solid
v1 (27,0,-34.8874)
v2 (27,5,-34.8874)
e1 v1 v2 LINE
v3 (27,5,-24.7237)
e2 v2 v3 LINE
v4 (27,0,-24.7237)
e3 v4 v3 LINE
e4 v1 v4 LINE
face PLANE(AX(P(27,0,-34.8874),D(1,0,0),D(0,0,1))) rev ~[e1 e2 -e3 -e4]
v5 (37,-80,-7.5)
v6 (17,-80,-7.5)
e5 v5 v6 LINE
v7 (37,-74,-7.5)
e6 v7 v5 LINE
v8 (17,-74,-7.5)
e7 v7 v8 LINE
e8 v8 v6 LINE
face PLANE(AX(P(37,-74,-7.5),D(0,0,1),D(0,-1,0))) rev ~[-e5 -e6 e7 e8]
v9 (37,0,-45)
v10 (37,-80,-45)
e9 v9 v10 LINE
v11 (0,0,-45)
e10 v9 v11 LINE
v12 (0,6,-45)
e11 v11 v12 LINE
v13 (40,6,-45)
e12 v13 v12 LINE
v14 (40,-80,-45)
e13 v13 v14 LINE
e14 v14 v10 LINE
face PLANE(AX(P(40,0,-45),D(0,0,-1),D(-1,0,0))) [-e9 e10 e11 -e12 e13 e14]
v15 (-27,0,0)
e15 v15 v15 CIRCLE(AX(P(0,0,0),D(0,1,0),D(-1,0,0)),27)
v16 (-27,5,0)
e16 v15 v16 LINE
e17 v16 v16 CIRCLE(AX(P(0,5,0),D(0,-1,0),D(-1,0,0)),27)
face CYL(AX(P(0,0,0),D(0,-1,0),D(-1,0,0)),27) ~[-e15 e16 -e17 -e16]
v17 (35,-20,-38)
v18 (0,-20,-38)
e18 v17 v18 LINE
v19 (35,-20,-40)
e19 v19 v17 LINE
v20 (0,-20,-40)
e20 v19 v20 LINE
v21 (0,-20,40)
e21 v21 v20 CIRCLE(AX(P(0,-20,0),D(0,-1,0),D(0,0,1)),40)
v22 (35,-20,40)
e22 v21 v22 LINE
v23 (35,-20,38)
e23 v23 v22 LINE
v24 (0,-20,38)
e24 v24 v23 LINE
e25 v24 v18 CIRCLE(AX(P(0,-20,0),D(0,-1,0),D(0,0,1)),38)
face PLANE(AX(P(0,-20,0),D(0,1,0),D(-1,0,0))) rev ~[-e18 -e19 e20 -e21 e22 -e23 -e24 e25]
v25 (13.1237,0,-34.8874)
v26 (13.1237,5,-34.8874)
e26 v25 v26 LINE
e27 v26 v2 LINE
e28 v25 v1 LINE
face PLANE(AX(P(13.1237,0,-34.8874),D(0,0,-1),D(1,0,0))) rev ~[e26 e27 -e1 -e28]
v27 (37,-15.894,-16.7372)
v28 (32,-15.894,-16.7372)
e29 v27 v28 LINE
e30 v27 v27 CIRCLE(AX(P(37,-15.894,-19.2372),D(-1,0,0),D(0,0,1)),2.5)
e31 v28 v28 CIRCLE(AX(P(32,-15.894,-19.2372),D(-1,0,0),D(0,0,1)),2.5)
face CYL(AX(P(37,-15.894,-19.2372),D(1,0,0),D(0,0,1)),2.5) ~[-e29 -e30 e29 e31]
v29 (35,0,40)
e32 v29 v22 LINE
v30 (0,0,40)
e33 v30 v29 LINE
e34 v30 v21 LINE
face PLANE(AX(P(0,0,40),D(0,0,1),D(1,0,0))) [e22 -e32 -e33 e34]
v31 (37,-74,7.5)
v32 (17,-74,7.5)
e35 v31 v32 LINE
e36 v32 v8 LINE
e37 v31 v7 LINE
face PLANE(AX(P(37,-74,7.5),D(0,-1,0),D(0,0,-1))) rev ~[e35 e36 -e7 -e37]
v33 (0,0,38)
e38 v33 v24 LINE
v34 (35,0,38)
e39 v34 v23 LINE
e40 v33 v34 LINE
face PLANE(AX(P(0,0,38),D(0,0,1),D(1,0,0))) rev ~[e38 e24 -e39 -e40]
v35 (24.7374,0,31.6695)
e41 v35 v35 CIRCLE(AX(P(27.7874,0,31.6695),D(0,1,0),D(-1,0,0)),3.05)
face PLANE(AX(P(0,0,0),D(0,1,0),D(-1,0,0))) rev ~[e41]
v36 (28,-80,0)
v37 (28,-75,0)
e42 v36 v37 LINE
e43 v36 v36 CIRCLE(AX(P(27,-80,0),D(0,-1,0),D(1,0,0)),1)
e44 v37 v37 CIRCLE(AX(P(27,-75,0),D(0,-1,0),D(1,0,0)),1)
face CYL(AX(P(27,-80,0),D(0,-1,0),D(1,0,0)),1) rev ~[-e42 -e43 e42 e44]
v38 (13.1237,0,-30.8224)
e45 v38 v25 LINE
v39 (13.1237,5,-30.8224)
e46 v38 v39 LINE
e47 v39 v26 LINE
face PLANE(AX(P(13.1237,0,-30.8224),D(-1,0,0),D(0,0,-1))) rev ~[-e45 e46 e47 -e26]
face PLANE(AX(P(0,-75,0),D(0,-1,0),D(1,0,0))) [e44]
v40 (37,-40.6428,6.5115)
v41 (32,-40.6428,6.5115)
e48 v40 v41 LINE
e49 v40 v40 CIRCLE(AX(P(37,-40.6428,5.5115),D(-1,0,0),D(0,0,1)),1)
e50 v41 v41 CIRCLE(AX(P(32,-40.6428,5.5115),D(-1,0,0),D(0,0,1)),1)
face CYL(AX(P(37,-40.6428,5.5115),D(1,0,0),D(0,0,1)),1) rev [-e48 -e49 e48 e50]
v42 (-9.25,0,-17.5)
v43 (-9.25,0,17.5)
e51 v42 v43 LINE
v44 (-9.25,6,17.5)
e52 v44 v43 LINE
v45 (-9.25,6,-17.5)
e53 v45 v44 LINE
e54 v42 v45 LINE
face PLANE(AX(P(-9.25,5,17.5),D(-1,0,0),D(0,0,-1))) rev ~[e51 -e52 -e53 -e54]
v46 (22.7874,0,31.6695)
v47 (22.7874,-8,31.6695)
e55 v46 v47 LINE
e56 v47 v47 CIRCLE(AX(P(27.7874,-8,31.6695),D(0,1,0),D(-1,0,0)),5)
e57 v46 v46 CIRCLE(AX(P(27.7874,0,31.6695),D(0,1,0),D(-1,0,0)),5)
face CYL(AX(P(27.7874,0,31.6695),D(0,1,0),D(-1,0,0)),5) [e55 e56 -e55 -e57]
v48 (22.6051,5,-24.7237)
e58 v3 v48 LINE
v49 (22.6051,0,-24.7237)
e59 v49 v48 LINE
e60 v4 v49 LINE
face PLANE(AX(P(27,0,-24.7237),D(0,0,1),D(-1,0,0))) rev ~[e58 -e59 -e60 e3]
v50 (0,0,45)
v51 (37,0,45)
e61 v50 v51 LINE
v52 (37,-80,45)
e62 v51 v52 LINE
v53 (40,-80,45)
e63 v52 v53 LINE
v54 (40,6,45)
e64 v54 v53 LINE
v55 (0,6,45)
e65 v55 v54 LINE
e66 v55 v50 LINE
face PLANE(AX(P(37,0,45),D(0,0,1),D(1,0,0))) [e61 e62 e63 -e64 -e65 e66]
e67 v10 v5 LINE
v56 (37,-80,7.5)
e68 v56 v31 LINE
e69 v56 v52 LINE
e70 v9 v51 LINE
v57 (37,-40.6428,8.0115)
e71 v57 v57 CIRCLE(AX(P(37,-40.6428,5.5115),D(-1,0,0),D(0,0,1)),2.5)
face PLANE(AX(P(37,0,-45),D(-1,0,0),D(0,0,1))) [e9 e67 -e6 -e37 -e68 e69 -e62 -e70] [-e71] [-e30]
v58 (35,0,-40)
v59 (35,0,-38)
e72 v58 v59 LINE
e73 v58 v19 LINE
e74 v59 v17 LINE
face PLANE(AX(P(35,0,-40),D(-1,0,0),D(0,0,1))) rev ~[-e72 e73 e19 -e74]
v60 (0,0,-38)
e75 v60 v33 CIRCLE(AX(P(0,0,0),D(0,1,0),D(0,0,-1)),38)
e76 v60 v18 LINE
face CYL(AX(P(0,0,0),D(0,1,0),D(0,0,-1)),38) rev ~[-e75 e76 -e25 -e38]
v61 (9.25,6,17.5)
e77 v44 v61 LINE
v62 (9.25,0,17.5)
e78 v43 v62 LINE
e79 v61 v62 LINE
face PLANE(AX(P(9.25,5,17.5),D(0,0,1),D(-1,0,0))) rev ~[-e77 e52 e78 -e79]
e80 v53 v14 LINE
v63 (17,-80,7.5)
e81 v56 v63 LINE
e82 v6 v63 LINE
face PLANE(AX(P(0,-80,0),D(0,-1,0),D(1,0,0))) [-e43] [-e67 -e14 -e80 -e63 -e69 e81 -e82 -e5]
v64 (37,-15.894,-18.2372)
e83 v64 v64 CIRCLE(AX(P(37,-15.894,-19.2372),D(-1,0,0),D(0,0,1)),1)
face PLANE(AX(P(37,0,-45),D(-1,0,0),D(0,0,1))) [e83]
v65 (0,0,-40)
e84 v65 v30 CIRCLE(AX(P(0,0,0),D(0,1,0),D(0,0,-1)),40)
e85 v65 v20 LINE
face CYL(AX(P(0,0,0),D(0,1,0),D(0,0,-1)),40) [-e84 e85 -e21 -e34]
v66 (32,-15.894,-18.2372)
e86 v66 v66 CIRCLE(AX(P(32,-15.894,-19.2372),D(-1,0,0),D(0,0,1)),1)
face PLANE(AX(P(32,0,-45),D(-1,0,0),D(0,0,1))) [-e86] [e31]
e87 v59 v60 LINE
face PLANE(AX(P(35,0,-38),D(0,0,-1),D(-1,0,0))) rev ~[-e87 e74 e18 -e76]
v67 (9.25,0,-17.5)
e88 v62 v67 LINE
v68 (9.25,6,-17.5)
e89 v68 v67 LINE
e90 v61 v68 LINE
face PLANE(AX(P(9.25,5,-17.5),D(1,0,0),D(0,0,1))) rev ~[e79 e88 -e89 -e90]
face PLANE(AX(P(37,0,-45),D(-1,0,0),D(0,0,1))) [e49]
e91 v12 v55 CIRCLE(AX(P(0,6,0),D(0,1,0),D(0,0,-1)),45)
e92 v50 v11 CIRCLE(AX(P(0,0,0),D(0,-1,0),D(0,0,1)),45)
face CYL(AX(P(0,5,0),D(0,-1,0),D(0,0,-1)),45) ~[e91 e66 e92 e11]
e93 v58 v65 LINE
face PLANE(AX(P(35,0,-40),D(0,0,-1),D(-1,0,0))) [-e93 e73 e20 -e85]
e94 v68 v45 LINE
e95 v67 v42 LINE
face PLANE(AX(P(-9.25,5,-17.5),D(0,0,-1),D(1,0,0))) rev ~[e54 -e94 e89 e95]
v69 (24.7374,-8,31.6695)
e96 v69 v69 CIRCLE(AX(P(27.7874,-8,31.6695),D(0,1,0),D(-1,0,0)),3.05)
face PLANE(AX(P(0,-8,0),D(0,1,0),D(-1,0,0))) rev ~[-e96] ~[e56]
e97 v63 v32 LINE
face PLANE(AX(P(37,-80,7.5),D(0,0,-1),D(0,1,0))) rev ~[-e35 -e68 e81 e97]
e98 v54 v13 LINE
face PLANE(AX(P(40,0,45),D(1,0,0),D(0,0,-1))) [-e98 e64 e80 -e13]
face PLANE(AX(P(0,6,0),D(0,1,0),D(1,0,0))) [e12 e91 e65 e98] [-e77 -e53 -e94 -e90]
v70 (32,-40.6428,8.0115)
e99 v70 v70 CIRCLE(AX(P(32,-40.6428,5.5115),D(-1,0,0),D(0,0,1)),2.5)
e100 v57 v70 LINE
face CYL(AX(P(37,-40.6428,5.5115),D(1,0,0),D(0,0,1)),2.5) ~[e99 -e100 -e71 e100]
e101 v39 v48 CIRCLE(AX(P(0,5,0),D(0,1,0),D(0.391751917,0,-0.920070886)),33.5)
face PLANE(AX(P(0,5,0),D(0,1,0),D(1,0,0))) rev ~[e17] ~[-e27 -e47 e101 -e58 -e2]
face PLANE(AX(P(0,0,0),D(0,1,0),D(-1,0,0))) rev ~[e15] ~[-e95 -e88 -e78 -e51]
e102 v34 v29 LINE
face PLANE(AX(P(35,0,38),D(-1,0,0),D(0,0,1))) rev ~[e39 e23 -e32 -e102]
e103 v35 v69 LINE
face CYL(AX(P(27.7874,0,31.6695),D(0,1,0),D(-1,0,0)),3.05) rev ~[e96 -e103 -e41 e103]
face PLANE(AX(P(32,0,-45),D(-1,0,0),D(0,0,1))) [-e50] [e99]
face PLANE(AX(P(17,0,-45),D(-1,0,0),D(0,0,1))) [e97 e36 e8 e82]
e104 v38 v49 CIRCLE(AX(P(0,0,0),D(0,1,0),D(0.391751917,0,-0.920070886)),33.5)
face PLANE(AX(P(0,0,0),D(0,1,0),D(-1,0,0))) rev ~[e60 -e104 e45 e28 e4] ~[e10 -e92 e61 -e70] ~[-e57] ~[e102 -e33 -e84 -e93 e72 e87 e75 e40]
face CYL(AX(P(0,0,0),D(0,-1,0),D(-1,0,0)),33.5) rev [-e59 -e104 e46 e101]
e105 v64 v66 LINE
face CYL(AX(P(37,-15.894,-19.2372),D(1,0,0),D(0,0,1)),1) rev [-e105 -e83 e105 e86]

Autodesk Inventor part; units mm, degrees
ref_plane "YZ Plane" through (0, 0, 0) normal (1, 0, 0) x (0, 1, 0)
ref_plane "XZ Plane" through (0, 0, 0) normal (0, 1, 0) x (-1, 0, 0)
ref_plane "XY Plane" through (0, 0, 0) normal (0, 0, 1) x (1, 0, 0)
sketch "Sketch1" plane through (0, 0, 0) normal (0, 1, 0) x (-1, 0, 0)
  line L0 (62, 0) -> (-57, 0) projected
  line L1 (0, -63) -> (0, 63) projected
  line L2 (9.25, 17.5) -> (-9.25, 17.5)
  line L3 (-9.25, 17.5) -> (-9.25, -17.5)
  line L4 (-9.25, -17.5) -> (9.25, -17.5)
  line L5 (9.25, -17.5) -> (9.25, 17.5)
  circle A0 centre (0, 0) radius 33.5
  circle A1 centre (0, 0) radius 27
  line L6 (0, 45) -> (-40, 45)
  line L7 (-40, 45) -> (-40, -45)
  line L8 (-40, -45) -> (0, -45)
  arc A2 (0, -45) -> (0, 45) centre (0, 0) ccw
  line L9 (-13.1237, -34.8874) -> (-27, -34.8874)
  line L10 (-27, -34.8874) -> (-27, -24.7237)
  line L11 (-27, -24.7237) -> (-22.6051, -24.7237)
  line L12 (-13.1237, -30.8224) -> (-13.1237, -34.8874)
  circle A3 centre (-27.7874, 31.6695) radius 3.05
  circle A4 centre (-27.7874, 31.6695) radius 5
  line L13 (0, 40) -> (-35, 40)
  line L14 (-35, -40) -> (0, -40)
  arc A5 (0, -40) -> (0, 40) centre (0, 0) ccw
  line L15 (-35, -38) -> (0, -38)
  arc A6 (0, -38) -> (0, 38) centre (0, 0) ccw
  line L16 (0, 38) -> (-35, 38)
  line L17 (-35, -40) -> (-35, -38)
  line L18 (-35, 38) -> (-35, 40)
  dimension "d0" = 18.5
  dimension "d1" = 35
  dimension "d2" = 67
  dimension "d3" = 54
  dimension "d18" = 6.1
  dimension "d19" = 10
  dimension "d26" = 2
extrude "Extrusion1" add sketch "Sketch1" along normal blind 5 contours A0 L1 A6 L0 | L0 A6 L1 A0 | A1 L1 L4 L5 L0 | L0 L5 L2 L1 A1 | A6 L1 A5 L0 | L0 A5 L1 A6 | A0 L0 L7 L6 L1 L13 L18 L16 | L1 L15 L17 L14 L8 L7 L0 A0 L11 L10 L9 L12 | L1 L2 L3 L0 A1 | A1 L0 L3 L4 L1 | A5 L1 A2 L0 | L0 A2 L1 A5 | L1 L14 L17 L15 | L16 L18 L13 L1 | L12 L9 L10 L11 A0 | A3 | A4
sketch "Sketch2" plane through (0, 5, 0) normal (0, 1, 0) x (1, 0, 0)
  line L0 (40, 45) -> (0, 45) projected
  arc A0 (0, 45) -> (0, -45) centre (0, 0) ccw projected
  line L1 (0, -45) -> (40, -45) projected
  line L2 (40, -45) -> (40, 45) projected
extrude "Extrusion2" add sketch "Sketch2" along normal blind 1
sketch "Sketch3" plane through (0, 5, 0) normal (0, -1, 0) x (1, 0, 0)
  line L0 (-9.25, -17.5) -> (9.25, -17.5) projected
  line L1 (9.25, -17.5) -> (9.25, 17.5) projected
  line L2 (9.25, 17.5) -> (-9.25, 17.5) projected
  line L3 (-9.25, 17.5) -> (-9.25, -17.5) projected
  point P0 (0, 0)
extrude "Extrusion3" cut sketch "Sketch3" against normal through all
extrude "Extrusion4" cut sketch "Sketch1" along normal blind 5 contours L12 L9 L10 L11 A0
sketch "Sketch4" plane through (0, 0, 0) normal (0, -1, 0) x (1, 0, 0)
  line L0 (40, -45) -> (0, -45) projected
  line L1 (40, 45) -> (40, -45) projected
  line L2 (0, 45) -> (40, 45) projected
  line L3 (40, -45) -> (37, -45)
  line L4 (37, -45) -> (37, 45)
  line L5 (37, 45) -> (40, 45)
  line L6 (40, 45) -> (40, -45)
  dimension "d14" = 3
extrude "Extrusion5" add sketch "Sketch4" along normal blind 80
extrude "Extrusion6" add sketch "Sketch1" against normal blind 8 contours A4
extrude "Extrusion8" add sketch "Sketch1" against normal blind 20 contours A6 L1 A5 L0 | L0 A5 L1 A6 | L1 L14 L17 L15 | L16 L18 L13 L1
sketch "Sketch5" plane through (37, 0, -45) normal (-1, 0, 0) x (0, 0, 1)
  line L0 (0, -80) -> (90, -80) projected
  line L1 (37.5, -80) -> (52.5, -80)
  line L2 (52.5, -80) -> (52.5, -74)
  line L3 (52.5, -74) -> (37.5, -74)
  line L4 (37.5, -74) -> (37.5, -80)
  line L5 (0, 0) -> (0, -80) projected
  circle A0 centre (25.7628, -15.894) radius 1
  circle A1 centre (25.7628, -15.894) radius 2.5
  line L6 (25.7628, -7.1865) -> (25.7628, -27.0145) construction
  line L7 (25.7628, -15.894) -> (50.5115, -40.6428) construction
  line L8 (25.7628, -15.894) -> (60.7628, -15.894) construction
  circle A2 centre (50.5115, -40.6428) radius 1 construction
  circle A3 centre (50.5115, -40.6428) radius 2.5 construction
  circle A4 centre (50.5115, -40.6428) radius 1
  circle A5 centre (50.5115, -40.6428) radius 2.5
  dimension "d29" = 15
  dimension "d30" = 6
  dimension "d31" = 37.5
  dimension "d37" = 2
  dimension "d38" = 5
  dimension "d39" = 35
  dimension "d40" = 45
  dimension "d41" = 2
  dimension "d42" = 5
extrude "Extrusion9" add sketch "Sketch5" along normal blind 20 contours L4 L3 L2 L0
sketch "Sketch6" plane through (0, -80, 0) normal (0, -1, 0) x (1, 0, 0)
  circle A0 centre (27, 0) radius 1
  point P0 (0, 0)
  dimension "d34" = 2
extrude "Extrusion10" cut sketch "Sketch6" against normal blind 5
extrude "Extrusion11" add sketch "Sketch5" along normal blind 5 contours A1 | A5
properties part number "Celo_3DPrint"
